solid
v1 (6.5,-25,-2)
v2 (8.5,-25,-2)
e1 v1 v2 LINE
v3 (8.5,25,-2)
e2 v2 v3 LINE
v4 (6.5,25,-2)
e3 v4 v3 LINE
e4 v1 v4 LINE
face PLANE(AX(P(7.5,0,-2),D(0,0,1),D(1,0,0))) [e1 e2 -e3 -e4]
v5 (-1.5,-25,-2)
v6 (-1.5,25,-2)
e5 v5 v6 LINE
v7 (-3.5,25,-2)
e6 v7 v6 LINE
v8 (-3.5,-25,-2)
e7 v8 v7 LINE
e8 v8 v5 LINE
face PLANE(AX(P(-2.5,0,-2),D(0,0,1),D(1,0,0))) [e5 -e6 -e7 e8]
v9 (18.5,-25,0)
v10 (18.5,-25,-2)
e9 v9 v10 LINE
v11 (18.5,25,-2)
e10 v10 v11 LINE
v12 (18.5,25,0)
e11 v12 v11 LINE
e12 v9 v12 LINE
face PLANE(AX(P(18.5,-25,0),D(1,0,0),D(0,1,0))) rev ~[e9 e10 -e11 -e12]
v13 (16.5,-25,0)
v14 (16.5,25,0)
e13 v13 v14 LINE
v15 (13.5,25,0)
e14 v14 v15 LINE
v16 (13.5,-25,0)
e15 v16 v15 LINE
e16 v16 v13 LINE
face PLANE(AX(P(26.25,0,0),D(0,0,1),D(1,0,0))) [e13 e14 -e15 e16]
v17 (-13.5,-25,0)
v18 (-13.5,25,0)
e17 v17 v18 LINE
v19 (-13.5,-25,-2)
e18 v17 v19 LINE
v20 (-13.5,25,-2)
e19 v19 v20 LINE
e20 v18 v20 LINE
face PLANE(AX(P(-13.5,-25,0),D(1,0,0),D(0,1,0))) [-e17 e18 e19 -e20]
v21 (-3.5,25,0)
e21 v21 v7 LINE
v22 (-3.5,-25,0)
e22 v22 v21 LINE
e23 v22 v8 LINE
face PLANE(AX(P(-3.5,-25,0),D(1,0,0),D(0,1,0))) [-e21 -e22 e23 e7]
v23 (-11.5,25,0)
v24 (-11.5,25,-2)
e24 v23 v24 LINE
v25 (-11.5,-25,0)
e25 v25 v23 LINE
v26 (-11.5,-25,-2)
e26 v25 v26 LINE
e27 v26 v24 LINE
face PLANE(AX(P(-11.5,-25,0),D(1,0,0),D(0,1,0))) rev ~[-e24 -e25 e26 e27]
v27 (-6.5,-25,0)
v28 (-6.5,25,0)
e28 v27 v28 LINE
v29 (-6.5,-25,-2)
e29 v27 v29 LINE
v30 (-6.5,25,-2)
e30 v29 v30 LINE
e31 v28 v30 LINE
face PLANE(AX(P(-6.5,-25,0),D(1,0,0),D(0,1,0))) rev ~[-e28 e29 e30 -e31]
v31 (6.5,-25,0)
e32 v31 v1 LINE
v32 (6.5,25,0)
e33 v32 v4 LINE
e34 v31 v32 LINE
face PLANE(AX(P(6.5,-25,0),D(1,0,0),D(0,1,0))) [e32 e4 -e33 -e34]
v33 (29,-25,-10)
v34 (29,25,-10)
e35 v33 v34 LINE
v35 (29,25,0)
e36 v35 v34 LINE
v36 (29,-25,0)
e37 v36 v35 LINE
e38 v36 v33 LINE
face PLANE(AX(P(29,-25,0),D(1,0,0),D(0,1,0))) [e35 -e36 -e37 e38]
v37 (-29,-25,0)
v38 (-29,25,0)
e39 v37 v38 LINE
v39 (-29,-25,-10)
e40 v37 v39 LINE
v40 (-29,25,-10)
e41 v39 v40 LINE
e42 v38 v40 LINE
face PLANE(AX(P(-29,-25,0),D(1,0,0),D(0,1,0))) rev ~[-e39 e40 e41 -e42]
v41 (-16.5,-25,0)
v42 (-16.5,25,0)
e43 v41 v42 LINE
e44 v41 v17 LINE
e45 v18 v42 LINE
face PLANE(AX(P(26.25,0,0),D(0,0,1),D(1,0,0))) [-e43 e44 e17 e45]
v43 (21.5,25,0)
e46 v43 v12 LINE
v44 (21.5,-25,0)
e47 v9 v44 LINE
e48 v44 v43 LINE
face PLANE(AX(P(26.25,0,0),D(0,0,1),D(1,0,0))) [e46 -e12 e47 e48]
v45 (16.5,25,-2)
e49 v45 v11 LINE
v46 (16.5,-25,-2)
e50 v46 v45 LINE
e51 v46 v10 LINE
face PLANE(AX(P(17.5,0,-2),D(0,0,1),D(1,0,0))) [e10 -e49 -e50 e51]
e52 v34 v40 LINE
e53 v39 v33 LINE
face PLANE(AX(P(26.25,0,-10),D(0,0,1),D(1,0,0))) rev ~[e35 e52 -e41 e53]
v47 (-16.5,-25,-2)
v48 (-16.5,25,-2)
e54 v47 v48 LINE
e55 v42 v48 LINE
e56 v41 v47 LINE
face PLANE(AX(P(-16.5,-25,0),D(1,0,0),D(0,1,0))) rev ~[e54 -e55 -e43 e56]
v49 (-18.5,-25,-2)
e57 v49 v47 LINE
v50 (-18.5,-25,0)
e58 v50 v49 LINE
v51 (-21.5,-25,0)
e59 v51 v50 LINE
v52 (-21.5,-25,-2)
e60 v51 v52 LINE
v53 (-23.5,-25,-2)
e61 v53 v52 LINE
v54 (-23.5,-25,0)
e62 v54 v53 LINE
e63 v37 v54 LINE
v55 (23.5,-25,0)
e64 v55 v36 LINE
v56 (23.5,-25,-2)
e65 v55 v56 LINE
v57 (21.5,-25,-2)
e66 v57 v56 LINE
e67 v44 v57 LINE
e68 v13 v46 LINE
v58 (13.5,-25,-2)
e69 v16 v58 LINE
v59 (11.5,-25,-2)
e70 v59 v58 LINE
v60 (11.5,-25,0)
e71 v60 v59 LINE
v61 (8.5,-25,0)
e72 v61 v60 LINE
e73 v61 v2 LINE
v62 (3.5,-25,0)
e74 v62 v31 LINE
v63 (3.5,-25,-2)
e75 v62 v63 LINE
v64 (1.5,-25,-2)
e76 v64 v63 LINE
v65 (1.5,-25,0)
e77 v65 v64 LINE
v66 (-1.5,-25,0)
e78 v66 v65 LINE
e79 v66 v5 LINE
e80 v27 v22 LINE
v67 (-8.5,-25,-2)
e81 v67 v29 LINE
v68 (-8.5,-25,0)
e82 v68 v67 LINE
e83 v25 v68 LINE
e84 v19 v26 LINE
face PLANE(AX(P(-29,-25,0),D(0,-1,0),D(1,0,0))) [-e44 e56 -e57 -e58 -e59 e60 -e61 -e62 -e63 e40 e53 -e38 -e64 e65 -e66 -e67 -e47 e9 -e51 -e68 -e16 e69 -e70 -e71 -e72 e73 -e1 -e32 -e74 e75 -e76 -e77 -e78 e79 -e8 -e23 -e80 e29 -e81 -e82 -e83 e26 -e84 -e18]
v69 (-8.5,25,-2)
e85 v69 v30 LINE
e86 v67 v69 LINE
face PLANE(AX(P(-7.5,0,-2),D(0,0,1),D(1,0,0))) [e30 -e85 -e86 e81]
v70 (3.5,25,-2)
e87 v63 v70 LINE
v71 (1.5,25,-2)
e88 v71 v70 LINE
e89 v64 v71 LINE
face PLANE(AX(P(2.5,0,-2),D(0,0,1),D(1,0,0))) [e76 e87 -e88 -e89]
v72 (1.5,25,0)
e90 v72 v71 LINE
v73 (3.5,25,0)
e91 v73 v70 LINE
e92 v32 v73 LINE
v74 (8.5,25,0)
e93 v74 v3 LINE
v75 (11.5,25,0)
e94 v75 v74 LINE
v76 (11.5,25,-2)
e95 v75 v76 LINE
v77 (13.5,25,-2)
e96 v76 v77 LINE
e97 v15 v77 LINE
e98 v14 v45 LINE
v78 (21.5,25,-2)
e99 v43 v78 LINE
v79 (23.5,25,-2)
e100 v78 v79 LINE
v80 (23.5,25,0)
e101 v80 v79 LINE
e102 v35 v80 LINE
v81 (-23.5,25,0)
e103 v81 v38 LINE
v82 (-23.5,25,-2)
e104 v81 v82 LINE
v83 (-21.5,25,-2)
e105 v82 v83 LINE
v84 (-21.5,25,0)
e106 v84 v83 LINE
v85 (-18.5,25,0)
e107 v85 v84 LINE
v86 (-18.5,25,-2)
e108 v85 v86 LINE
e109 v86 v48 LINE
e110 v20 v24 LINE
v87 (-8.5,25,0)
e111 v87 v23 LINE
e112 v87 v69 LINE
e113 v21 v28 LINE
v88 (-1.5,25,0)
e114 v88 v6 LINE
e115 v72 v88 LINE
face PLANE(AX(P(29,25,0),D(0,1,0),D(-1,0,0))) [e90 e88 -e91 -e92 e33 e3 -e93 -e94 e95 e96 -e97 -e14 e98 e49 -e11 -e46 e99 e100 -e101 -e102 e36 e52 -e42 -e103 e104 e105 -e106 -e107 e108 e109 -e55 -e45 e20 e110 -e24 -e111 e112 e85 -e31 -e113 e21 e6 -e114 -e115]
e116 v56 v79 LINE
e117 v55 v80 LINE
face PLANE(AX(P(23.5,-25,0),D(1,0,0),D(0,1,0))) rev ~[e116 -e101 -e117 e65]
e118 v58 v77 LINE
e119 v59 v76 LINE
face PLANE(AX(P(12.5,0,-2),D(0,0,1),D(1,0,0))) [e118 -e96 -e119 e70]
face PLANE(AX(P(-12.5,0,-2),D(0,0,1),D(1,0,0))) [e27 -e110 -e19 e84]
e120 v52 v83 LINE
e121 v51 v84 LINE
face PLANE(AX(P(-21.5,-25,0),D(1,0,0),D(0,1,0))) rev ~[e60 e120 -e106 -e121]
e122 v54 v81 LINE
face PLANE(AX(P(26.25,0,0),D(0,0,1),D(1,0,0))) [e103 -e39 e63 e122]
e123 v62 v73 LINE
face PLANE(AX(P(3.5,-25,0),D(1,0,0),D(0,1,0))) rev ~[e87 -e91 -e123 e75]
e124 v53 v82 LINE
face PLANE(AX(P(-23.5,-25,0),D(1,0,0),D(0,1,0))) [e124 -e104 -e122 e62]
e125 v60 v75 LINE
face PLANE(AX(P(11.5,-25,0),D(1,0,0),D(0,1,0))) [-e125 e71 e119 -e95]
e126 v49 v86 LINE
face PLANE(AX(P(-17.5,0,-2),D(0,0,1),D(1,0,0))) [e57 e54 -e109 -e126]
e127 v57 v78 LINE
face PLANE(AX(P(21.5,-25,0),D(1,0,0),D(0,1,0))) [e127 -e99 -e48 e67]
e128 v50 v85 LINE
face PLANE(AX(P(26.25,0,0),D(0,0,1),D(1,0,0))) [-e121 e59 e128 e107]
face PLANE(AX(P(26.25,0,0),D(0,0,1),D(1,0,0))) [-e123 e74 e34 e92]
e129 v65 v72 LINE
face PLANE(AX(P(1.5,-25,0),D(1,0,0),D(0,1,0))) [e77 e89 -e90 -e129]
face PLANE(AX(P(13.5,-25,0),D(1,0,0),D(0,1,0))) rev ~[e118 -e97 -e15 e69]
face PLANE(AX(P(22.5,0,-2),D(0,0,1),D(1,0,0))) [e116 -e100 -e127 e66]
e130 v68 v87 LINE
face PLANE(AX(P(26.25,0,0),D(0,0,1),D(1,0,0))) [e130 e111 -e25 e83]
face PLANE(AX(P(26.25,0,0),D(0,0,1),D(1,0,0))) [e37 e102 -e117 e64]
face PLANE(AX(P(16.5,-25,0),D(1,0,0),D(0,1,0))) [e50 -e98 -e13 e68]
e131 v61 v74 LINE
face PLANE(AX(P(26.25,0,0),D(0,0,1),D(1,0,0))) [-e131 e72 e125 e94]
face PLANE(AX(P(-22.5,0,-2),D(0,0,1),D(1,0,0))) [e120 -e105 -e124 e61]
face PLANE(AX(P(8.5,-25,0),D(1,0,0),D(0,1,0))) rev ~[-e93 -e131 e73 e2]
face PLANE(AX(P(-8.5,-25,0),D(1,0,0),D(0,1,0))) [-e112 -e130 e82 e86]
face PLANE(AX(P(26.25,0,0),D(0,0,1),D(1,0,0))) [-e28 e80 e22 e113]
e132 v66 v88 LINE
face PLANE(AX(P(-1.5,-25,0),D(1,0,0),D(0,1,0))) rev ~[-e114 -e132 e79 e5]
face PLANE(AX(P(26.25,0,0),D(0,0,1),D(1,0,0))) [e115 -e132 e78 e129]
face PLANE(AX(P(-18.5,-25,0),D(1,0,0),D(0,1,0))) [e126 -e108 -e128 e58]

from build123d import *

# Parameters (mm, degrees)
F0_W     = 5.5
F0_H     = 50
F0_W_2   = 2
F0_W_3   = 3
F1_DEPTH = 10
F2_DEPTH = 2


with BuildPart() as f1:
    # F0 (on Top) → F1 (new body)
    with BuildSketch(Plane.XY):
        with Locations((26.25, 0)):
            Rectangle(F0_W, F0_H)
        with Locations((22.5, 0)):
            Rectangle(F0_W_2, F0_H)
        with Locations((20, 0)):
            Rectangle(F0_W_3, F0_H)
        with Locations((17.5, 0)):
            Rectangle(F0_W_2, F0_H)
        with Locations((15, 0)):
            Rectangle(F0_W_3, F0_H)
        with Locations((12.5, 0)):
            Rectangle(F0_W_2, F0_H)
        with Locations((10, 0)):
            Rectangle(F0_W_3, F0_H)
        with Locations((7.5, 0)):
            Rectangle(F0_W_2, F0_H)
        with Locations((5, 0)):
            Rectangle(F0_W_3, F0_H)
        with Locations((2.5, 0)):
            Rectangle(F0_W_2, F0_H)
        Rectangle(F0_W_3, F0_H)
        with Locations((-2.5, 0)):
            Rectangle(F0_W_2, F0_H)
        with Locations((-5, 0)):
            Rectangle(F0_W_3, F0_H)
        with Locations((-7.5, 0)):
            Rectangle(F0_W_2, F0_H)
        with Locations((-10, 0)):
            Rectangle(F0_W_3, F0_H)
        with Locations((-12.5, 0)):
            Rectangle(F0_W_2, F0_H)
        with Locations((-15, 0)):
            Rectangle(F0_W_3, F0_H)
        with Locations((-17.5, 0)):
            Rectangle(F0_W_2, F0_H)
        with Locations((-20, 0)):
            Rectangle(F0_W_3, F0_H)
        with Locations((-22.5, 0)):
            Rectangle(F0_W_2, F0_H)
        with Locations((-26.25, 0)):
            Rectangle(F0_W, F0_H)
    extrude(amount=-F1_DEPTH)

    # F0 (on Top) → F2 (cut)
    with BuildSketch(Plane.XY):
        with Locations((-22.5, 0)):
            Rectangle(F0_W_2, F0_H)
        with Locations((-17.5, 0)):
            Rectangle(F0_W_2, F0_H)
        with Locations((-12.5, 0)):
            Rectangle(F0_W_2, F0_H)
        with Locations((-7.5, 0)):
            Rectangle(F0_W_2, F0_H)
        with Locations((-2.5, 0)):
            Rectangle(F0_W_2, F0_H)
        with Locations((2.5, 0)):
            Rectangle(F0_W_2, F0_H)
        with Locations((7.5, 0)):
            Rectangle(F0_W_2, F0_H)
        with Locations((12.5, 0)):
            Rectangle(F0_W_2, F0_H)
        with Locations((17.5, 0)):
            Rectangle(F0_W_2, F0_H)
        with Locations((22.5, 0)):
            Rectangle(F0_W_2, F0_H)
    extrude(amount=-F2_DEPTH, mode=Mode.SUBTRACT)


solid = f1.part
